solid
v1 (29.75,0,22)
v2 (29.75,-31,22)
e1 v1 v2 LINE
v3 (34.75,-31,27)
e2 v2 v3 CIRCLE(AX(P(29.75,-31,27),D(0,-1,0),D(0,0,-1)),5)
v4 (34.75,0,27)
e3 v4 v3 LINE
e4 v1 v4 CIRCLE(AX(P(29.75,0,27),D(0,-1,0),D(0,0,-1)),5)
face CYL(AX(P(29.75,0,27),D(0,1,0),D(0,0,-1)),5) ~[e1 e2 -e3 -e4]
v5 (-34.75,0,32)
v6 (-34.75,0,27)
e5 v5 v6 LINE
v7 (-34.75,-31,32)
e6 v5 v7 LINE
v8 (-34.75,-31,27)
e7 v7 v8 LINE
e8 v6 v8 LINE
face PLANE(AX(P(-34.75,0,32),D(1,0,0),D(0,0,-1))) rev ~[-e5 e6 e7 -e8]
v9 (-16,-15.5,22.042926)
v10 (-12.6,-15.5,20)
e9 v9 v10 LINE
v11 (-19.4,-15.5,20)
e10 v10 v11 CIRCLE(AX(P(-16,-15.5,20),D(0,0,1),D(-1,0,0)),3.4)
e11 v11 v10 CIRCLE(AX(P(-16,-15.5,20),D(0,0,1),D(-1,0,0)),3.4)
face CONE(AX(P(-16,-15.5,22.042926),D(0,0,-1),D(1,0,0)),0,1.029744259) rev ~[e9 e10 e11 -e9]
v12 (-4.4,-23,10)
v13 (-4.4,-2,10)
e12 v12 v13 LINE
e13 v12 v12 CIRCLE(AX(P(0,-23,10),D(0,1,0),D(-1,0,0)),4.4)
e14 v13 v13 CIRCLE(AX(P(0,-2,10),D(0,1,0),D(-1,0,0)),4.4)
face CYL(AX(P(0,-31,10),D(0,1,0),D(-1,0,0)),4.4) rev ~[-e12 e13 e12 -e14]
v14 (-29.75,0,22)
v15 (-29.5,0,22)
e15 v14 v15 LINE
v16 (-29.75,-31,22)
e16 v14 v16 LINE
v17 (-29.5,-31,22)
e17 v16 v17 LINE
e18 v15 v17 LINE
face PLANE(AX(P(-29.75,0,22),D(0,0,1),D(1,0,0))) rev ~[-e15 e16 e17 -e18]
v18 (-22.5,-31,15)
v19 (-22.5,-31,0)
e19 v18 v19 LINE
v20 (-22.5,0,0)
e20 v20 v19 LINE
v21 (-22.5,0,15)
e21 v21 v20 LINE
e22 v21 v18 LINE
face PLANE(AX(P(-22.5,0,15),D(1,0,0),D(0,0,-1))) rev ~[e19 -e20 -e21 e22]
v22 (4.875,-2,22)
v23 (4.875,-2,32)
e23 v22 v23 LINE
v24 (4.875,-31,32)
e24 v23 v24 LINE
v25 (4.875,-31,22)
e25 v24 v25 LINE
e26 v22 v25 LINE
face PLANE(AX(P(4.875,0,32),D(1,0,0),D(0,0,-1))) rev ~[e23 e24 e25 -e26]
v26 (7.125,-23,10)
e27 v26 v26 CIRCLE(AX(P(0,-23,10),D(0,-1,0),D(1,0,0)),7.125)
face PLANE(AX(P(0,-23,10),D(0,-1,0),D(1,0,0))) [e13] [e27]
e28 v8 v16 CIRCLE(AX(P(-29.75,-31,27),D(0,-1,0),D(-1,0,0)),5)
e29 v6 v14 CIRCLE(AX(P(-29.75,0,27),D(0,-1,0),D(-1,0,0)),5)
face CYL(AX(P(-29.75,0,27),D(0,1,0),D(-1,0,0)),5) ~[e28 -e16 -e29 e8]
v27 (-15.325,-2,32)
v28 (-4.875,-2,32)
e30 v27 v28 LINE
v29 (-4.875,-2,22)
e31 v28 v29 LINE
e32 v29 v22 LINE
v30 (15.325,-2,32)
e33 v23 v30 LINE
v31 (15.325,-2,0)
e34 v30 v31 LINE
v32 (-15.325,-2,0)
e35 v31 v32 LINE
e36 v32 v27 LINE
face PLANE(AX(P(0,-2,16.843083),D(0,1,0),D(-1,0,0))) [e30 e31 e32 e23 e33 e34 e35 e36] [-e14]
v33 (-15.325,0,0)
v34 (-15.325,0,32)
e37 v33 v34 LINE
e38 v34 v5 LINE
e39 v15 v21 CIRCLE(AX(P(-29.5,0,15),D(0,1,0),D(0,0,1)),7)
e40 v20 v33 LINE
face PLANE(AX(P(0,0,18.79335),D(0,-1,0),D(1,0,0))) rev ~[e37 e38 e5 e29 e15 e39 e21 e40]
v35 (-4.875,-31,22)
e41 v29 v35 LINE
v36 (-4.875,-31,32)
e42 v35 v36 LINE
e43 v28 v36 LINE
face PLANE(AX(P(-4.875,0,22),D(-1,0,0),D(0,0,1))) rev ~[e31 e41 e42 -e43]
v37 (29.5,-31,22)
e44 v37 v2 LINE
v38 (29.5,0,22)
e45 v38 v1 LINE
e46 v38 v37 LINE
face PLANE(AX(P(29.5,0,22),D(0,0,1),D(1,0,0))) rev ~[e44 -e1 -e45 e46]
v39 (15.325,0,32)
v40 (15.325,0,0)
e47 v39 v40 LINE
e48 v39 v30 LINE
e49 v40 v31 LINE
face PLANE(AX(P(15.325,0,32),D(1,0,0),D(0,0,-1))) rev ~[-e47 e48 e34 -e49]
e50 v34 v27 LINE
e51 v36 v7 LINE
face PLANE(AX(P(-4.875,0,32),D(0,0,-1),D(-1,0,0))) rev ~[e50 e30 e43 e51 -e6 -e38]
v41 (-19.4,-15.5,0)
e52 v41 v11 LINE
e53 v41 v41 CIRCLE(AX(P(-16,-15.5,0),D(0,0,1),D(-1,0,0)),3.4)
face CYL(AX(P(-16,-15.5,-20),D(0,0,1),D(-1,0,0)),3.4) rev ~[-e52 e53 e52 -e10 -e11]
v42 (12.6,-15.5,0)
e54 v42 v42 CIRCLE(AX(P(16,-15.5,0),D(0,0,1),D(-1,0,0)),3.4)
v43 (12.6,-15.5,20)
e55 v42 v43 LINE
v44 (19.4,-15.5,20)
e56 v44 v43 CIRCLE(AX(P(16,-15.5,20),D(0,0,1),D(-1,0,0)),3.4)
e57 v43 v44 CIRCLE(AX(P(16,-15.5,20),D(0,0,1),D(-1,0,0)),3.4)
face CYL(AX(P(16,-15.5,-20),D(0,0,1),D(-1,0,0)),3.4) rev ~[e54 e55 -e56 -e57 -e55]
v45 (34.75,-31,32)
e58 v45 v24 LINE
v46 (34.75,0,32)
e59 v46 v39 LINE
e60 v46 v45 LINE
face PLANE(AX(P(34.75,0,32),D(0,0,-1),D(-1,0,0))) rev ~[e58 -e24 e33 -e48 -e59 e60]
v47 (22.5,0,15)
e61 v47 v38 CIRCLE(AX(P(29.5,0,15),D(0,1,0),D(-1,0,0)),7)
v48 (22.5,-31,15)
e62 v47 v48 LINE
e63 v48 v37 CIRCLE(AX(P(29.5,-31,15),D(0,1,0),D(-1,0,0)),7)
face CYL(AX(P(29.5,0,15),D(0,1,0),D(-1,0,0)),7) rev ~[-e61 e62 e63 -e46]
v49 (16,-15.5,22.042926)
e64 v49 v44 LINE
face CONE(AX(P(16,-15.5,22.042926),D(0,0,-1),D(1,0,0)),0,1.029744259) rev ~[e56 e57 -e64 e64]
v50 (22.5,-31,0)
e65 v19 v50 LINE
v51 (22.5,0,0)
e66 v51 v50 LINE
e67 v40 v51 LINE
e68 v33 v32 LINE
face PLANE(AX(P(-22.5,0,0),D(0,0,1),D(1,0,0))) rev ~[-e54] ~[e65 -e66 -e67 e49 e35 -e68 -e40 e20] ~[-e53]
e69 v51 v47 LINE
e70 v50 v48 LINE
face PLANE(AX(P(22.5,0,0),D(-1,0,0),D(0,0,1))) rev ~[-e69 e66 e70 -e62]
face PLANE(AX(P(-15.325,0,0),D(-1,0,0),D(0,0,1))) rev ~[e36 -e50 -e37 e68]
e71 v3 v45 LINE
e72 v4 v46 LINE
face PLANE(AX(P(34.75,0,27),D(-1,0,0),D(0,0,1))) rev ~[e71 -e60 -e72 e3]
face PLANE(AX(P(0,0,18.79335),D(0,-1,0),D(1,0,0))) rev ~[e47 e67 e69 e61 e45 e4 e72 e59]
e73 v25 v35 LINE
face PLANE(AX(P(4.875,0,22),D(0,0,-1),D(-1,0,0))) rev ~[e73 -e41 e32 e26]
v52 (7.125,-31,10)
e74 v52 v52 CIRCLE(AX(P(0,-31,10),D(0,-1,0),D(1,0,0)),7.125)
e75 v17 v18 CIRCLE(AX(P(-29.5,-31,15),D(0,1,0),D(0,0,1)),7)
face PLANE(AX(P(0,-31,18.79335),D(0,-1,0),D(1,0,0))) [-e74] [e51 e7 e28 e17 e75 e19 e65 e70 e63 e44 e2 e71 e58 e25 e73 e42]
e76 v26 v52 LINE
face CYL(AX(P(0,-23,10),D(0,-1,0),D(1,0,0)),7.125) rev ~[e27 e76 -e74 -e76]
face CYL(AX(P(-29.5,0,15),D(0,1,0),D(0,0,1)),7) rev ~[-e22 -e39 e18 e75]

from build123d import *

# Parameters (mm, degrees)
F1_DEPTH       = 31
F3_DEPTH       = 2
F5_D           = 6.8
F5_DEPTH       = 20
F5_TIP         = 2.0429261047
F7_D           = 8.8
F7_CBORE_D     = 14.25
F7_CBORE_DEPTH = 8


with BuildPart() as f1:
    # F0 (on Front) → F1 (new body)
    with BuildSketch(Plane.XZ):
        with BuildLine():
            Line((-4.875, 32), (-34.75, 32))
            Line((-34.75, 32), (-34.75, 27))
            ThreePointArc((-34.75, 27), (-33.2855339059, 23.4644660941), (-29.75, 22))
            Line((-29.75, 22), (-29.5, 22))
            ThreePointArc((-29.5, 22), (-24.5502525317, 19.9497474683), (-22.5, 15))
            Line((-22.5, 15), (-22.5, 0))
            Line((-22.5, 0), (22.5, 0))
            Line((22.5, 0), (22.5, 15))
            ThreePointArc((22.5, 15), (24.5502525317, 19.9497474683), (29.5, 22))
            Line((29.5, 22), (29.75, 22))
            ThreePointArc((29.75, 22), (33.2855339059, 23.4644660941), (34.75, 27))
            Line((34.75, 27), (34.75, 32))
            Line((34.75, 32), (4.875, 32))
            Line((4.875, 32), (4.875, 22))
            Line((4.875, 22), (-4.875, 22))
            Line((-4.875, 22), (-4.875, 32))
        make_face()
    extrude(amount=F1_DEPTH)

    # F2 (on face) → F3 (cut)
    with BuildSketch(Plane(origin=(0, 0, 0), x_dir=(-1, 0, 0), z_dir=(0, 1, 0))):
        Polygon((15.325, 0), (15.325, 32), (4.875, 32), (4.875, 22), (-4.875, 22), (-4.875, 32), (-15.325, 32), (-15.325, 0), align=None)
    extrude(amount=-F3_DEPTH, mode=Mode.SUBTRACT)

    # F5
    with Locations(Plane(origin=(0, 0, 0), x_dir=(1, 0, 0), z_dir=(0, 0, -1))):
        with Locations((-16, 15.5), (16, 15.5)):
            Hole(F5_D / 2, depth=F5_DEPTH)
            with Locations((0, 0, -(F5_DEPTH + F5_TIP / 2))):  # 118° drill point
                Cone(0, F5_D / 2, F5_TIP, mode=Mode.SUBTRACT)

    # F7 (through all)
    with Locations(Plane.XZ.offset(31)):
        with Locations((0, 10)):
            CounterBoreHole(F7_D / 2, F7_CBORE_D / 2, F7_CBORE_DEPTH)


solid = f1.part
